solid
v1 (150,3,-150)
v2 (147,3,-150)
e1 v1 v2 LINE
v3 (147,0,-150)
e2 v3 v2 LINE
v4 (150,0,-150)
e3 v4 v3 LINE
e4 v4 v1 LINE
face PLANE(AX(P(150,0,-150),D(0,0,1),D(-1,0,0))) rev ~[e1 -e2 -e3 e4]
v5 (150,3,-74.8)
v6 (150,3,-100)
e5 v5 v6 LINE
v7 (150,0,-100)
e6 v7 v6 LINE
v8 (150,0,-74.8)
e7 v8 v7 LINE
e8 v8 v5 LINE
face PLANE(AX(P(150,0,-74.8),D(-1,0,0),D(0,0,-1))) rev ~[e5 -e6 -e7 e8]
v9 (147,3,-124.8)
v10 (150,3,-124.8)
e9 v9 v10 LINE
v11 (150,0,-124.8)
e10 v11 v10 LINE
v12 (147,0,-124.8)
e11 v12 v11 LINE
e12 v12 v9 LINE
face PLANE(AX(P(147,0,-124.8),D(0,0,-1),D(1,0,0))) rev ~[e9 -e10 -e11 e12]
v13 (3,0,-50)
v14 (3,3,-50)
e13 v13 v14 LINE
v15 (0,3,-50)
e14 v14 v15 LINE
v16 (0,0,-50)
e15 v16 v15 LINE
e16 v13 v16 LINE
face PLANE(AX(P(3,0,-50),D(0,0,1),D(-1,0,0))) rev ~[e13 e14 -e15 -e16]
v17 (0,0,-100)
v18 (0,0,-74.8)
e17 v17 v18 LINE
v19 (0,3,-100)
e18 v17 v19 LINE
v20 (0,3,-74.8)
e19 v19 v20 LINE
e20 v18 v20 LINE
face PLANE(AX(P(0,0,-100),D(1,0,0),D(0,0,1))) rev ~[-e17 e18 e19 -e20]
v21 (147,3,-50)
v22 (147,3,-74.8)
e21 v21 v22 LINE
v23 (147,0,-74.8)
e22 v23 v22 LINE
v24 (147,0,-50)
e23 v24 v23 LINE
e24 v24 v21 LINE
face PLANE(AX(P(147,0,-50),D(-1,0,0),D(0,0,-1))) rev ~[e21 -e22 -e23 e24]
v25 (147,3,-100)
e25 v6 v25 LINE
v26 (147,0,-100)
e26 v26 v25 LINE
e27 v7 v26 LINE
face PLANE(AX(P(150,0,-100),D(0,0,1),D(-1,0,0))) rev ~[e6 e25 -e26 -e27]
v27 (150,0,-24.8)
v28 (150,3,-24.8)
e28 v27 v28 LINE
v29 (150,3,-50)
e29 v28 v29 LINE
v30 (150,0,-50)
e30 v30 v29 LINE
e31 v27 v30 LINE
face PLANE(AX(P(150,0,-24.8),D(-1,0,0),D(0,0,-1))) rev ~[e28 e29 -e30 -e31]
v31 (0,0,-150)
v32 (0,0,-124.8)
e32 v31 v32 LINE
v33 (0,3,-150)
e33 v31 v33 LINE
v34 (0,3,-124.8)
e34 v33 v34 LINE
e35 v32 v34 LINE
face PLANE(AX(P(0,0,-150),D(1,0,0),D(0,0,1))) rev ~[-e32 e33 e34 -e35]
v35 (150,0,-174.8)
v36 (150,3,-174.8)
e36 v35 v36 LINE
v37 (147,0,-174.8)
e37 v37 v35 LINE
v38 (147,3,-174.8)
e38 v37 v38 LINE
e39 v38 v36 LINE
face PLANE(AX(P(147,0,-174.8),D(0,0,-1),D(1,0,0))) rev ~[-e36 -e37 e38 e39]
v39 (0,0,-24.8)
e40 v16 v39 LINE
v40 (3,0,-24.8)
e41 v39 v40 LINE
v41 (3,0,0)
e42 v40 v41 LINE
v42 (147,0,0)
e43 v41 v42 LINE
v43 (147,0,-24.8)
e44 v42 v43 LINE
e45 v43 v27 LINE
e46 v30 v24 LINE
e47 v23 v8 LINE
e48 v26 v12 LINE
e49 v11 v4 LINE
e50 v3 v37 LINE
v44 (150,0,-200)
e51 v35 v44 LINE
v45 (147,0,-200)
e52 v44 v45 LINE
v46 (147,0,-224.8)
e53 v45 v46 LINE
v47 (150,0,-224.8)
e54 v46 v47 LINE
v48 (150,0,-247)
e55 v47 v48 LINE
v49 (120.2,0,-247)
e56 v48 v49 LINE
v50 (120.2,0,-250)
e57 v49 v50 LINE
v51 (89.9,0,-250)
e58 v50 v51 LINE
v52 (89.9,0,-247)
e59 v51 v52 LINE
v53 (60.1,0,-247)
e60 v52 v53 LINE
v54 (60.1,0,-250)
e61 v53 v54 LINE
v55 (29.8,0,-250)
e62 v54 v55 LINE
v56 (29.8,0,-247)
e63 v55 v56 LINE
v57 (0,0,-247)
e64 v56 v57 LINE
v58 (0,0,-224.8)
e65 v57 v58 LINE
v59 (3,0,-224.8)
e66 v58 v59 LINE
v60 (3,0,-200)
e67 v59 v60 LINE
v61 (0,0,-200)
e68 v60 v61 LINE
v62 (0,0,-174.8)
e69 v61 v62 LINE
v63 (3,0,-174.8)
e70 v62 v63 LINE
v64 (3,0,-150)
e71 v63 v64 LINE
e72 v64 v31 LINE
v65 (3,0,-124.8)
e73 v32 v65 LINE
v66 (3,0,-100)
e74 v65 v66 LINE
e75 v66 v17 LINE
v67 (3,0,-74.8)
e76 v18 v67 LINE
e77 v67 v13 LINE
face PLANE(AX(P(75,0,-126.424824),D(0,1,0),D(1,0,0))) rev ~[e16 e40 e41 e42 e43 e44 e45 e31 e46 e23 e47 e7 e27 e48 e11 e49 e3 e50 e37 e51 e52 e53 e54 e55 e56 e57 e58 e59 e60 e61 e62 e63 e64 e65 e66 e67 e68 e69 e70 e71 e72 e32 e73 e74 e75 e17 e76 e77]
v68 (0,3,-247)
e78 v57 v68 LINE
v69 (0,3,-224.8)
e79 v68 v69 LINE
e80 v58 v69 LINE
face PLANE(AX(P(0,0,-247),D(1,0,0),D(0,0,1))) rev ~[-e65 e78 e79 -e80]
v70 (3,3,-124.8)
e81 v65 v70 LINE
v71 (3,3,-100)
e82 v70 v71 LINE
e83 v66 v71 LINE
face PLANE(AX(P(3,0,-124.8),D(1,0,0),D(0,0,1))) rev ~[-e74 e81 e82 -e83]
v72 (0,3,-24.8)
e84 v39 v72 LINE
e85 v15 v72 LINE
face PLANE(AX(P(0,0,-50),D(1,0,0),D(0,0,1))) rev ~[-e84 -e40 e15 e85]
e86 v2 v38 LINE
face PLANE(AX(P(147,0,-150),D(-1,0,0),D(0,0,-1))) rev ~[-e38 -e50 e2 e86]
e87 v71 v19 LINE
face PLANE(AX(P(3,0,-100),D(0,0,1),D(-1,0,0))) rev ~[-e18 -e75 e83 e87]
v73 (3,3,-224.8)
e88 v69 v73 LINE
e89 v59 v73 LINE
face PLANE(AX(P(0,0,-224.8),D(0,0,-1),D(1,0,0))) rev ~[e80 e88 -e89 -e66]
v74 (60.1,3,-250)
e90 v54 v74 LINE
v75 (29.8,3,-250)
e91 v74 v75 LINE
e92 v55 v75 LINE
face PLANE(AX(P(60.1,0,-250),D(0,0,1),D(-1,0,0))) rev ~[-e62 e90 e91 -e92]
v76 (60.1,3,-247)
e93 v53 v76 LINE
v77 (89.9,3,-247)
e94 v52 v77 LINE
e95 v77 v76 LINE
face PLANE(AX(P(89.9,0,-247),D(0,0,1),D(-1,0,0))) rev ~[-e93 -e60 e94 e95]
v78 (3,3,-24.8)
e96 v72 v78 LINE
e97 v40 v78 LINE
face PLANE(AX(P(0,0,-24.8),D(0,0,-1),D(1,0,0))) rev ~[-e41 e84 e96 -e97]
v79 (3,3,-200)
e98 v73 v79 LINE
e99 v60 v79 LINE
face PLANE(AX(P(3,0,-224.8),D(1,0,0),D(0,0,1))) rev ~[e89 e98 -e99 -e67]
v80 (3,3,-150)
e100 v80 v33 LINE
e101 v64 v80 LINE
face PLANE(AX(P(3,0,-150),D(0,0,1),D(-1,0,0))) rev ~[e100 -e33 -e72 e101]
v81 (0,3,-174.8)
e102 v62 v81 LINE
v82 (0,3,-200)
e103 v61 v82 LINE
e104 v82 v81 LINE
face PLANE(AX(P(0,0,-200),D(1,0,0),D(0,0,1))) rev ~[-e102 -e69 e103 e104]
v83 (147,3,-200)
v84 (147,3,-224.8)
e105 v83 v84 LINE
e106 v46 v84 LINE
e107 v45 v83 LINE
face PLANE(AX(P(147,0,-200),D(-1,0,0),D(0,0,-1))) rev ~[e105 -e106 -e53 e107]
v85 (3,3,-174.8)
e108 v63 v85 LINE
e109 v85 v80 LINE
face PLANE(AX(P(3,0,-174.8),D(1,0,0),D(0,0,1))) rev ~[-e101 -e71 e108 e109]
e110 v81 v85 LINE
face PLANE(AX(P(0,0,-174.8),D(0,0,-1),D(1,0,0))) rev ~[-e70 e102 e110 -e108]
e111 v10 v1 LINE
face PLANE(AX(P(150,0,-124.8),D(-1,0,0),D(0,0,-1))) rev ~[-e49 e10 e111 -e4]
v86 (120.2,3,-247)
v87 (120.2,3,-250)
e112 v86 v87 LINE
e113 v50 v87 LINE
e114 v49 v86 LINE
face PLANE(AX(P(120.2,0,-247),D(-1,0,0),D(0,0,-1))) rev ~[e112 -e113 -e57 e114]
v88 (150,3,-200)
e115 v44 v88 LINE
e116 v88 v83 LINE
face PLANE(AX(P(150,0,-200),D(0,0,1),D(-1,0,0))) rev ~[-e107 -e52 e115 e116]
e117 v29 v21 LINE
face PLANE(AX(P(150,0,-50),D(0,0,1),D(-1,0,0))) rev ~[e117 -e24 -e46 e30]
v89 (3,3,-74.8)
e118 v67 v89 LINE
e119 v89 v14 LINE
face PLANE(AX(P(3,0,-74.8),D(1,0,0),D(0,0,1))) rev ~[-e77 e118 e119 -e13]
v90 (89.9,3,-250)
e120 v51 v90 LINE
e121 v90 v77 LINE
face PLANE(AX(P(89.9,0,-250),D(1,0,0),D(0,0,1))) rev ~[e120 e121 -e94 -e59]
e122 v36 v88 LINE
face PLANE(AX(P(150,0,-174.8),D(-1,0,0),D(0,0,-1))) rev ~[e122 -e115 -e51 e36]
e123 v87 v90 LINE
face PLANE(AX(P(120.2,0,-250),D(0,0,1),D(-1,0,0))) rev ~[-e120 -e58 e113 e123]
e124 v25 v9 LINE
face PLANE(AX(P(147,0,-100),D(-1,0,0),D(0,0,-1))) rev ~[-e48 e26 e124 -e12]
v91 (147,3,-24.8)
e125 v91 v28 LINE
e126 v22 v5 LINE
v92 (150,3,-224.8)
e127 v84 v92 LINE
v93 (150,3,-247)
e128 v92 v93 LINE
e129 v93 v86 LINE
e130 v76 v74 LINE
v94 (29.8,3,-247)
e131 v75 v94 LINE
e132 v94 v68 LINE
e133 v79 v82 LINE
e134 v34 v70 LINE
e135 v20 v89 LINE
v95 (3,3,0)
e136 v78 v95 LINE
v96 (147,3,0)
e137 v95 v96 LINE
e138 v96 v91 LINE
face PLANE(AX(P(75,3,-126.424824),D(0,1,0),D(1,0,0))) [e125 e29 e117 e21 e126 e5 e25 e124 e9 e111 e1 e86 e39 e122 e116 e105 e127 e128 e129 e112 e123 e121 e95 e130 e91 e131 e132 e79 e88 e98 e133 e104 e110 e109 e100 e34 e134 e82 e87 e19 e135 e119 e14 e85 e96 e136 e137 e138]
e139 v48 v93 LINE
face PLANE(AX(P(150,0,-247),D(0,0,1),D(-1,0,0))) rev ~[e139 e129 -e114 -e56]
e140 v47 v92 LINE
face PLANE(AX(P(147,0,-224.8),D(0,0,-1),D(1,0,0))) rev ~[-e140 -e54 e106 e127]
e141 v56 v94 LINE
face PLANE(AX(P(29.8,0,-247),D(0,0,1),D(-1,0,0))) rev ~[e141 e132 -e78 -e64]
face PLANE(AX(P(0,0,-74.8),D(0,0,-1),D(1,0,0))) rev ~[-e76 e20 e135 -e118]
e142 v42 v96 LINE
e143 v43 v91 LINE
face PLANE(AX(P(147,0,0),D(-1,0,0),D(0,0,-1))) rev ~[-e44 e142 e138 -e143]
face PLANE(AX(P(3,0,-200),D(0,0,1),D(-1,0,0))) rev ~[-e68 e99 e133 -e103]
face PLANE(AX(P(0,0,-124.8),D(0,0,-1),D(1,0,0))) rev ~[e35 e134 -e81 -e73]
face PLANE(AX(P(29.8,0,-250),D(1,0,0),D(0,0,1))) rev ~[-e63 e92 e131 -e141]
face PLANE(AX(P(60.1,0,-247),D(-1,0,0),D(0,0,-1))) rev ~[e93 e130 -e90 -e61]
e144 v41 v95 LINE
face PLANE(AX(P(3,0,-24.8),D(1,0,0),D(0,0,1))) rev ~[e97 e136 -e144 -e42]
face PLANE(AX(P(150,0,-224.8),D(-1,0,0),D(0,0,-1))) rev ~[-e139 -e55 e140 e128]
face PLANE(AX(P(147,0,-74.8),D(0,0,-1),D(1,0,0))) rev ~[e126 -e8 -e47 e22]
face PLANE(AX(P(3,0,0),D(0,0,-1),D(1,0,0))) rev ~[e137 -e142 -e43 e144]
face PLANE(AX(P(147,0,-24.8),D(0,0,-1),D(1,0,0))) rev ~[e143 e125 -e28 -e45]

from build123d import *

# Parameters (mm, degrees)
BOSS_EXTRUDE1_DEPTH = 3


with BuildPart() as part:
    # Sketch1 → Boss-Extrude1 (new body)
    with BuildSketch(Plane(origin=(0, 0, 0), x_dir=(1, 0, 0), z_dir=(0, 1, 0))):
        Polygon((3, 24.8), (3, 0), (147, 0), (147, 24.8), (150, 24.8), (150, 50), (147, 50), (147, 74.8), (150, 74.8), (150, 100), (147, 100), (147, 124.8), (150, 124.8), (150, 150), (147, 150), (147, 174.8), (150, 174.8), (150, 200), (147, 200), (147, 224.8), (150, 224.8), (150, 247), (120.2, 247), (120.2, 250), (89.9, 250), (89.9, 247), (60.1, 247), (60.1, 250), (29.8, 250), (29.8, 247), (0, 247), (0, 224.8), (3, 224.8), (3, 200), (0, 200), (0, 174.8), (3, 174.8), (3, 150), (0, 150), (0, 124.8), (3, 124.8), (3, 100), (0, 100), (0, 74.8), (3, 74.8), (3, 50), (0, 50), (0, 24.8), align=None)
    extrude(amount=BOSS_EXTRUDE1_DEPTH)


solid = part.part
